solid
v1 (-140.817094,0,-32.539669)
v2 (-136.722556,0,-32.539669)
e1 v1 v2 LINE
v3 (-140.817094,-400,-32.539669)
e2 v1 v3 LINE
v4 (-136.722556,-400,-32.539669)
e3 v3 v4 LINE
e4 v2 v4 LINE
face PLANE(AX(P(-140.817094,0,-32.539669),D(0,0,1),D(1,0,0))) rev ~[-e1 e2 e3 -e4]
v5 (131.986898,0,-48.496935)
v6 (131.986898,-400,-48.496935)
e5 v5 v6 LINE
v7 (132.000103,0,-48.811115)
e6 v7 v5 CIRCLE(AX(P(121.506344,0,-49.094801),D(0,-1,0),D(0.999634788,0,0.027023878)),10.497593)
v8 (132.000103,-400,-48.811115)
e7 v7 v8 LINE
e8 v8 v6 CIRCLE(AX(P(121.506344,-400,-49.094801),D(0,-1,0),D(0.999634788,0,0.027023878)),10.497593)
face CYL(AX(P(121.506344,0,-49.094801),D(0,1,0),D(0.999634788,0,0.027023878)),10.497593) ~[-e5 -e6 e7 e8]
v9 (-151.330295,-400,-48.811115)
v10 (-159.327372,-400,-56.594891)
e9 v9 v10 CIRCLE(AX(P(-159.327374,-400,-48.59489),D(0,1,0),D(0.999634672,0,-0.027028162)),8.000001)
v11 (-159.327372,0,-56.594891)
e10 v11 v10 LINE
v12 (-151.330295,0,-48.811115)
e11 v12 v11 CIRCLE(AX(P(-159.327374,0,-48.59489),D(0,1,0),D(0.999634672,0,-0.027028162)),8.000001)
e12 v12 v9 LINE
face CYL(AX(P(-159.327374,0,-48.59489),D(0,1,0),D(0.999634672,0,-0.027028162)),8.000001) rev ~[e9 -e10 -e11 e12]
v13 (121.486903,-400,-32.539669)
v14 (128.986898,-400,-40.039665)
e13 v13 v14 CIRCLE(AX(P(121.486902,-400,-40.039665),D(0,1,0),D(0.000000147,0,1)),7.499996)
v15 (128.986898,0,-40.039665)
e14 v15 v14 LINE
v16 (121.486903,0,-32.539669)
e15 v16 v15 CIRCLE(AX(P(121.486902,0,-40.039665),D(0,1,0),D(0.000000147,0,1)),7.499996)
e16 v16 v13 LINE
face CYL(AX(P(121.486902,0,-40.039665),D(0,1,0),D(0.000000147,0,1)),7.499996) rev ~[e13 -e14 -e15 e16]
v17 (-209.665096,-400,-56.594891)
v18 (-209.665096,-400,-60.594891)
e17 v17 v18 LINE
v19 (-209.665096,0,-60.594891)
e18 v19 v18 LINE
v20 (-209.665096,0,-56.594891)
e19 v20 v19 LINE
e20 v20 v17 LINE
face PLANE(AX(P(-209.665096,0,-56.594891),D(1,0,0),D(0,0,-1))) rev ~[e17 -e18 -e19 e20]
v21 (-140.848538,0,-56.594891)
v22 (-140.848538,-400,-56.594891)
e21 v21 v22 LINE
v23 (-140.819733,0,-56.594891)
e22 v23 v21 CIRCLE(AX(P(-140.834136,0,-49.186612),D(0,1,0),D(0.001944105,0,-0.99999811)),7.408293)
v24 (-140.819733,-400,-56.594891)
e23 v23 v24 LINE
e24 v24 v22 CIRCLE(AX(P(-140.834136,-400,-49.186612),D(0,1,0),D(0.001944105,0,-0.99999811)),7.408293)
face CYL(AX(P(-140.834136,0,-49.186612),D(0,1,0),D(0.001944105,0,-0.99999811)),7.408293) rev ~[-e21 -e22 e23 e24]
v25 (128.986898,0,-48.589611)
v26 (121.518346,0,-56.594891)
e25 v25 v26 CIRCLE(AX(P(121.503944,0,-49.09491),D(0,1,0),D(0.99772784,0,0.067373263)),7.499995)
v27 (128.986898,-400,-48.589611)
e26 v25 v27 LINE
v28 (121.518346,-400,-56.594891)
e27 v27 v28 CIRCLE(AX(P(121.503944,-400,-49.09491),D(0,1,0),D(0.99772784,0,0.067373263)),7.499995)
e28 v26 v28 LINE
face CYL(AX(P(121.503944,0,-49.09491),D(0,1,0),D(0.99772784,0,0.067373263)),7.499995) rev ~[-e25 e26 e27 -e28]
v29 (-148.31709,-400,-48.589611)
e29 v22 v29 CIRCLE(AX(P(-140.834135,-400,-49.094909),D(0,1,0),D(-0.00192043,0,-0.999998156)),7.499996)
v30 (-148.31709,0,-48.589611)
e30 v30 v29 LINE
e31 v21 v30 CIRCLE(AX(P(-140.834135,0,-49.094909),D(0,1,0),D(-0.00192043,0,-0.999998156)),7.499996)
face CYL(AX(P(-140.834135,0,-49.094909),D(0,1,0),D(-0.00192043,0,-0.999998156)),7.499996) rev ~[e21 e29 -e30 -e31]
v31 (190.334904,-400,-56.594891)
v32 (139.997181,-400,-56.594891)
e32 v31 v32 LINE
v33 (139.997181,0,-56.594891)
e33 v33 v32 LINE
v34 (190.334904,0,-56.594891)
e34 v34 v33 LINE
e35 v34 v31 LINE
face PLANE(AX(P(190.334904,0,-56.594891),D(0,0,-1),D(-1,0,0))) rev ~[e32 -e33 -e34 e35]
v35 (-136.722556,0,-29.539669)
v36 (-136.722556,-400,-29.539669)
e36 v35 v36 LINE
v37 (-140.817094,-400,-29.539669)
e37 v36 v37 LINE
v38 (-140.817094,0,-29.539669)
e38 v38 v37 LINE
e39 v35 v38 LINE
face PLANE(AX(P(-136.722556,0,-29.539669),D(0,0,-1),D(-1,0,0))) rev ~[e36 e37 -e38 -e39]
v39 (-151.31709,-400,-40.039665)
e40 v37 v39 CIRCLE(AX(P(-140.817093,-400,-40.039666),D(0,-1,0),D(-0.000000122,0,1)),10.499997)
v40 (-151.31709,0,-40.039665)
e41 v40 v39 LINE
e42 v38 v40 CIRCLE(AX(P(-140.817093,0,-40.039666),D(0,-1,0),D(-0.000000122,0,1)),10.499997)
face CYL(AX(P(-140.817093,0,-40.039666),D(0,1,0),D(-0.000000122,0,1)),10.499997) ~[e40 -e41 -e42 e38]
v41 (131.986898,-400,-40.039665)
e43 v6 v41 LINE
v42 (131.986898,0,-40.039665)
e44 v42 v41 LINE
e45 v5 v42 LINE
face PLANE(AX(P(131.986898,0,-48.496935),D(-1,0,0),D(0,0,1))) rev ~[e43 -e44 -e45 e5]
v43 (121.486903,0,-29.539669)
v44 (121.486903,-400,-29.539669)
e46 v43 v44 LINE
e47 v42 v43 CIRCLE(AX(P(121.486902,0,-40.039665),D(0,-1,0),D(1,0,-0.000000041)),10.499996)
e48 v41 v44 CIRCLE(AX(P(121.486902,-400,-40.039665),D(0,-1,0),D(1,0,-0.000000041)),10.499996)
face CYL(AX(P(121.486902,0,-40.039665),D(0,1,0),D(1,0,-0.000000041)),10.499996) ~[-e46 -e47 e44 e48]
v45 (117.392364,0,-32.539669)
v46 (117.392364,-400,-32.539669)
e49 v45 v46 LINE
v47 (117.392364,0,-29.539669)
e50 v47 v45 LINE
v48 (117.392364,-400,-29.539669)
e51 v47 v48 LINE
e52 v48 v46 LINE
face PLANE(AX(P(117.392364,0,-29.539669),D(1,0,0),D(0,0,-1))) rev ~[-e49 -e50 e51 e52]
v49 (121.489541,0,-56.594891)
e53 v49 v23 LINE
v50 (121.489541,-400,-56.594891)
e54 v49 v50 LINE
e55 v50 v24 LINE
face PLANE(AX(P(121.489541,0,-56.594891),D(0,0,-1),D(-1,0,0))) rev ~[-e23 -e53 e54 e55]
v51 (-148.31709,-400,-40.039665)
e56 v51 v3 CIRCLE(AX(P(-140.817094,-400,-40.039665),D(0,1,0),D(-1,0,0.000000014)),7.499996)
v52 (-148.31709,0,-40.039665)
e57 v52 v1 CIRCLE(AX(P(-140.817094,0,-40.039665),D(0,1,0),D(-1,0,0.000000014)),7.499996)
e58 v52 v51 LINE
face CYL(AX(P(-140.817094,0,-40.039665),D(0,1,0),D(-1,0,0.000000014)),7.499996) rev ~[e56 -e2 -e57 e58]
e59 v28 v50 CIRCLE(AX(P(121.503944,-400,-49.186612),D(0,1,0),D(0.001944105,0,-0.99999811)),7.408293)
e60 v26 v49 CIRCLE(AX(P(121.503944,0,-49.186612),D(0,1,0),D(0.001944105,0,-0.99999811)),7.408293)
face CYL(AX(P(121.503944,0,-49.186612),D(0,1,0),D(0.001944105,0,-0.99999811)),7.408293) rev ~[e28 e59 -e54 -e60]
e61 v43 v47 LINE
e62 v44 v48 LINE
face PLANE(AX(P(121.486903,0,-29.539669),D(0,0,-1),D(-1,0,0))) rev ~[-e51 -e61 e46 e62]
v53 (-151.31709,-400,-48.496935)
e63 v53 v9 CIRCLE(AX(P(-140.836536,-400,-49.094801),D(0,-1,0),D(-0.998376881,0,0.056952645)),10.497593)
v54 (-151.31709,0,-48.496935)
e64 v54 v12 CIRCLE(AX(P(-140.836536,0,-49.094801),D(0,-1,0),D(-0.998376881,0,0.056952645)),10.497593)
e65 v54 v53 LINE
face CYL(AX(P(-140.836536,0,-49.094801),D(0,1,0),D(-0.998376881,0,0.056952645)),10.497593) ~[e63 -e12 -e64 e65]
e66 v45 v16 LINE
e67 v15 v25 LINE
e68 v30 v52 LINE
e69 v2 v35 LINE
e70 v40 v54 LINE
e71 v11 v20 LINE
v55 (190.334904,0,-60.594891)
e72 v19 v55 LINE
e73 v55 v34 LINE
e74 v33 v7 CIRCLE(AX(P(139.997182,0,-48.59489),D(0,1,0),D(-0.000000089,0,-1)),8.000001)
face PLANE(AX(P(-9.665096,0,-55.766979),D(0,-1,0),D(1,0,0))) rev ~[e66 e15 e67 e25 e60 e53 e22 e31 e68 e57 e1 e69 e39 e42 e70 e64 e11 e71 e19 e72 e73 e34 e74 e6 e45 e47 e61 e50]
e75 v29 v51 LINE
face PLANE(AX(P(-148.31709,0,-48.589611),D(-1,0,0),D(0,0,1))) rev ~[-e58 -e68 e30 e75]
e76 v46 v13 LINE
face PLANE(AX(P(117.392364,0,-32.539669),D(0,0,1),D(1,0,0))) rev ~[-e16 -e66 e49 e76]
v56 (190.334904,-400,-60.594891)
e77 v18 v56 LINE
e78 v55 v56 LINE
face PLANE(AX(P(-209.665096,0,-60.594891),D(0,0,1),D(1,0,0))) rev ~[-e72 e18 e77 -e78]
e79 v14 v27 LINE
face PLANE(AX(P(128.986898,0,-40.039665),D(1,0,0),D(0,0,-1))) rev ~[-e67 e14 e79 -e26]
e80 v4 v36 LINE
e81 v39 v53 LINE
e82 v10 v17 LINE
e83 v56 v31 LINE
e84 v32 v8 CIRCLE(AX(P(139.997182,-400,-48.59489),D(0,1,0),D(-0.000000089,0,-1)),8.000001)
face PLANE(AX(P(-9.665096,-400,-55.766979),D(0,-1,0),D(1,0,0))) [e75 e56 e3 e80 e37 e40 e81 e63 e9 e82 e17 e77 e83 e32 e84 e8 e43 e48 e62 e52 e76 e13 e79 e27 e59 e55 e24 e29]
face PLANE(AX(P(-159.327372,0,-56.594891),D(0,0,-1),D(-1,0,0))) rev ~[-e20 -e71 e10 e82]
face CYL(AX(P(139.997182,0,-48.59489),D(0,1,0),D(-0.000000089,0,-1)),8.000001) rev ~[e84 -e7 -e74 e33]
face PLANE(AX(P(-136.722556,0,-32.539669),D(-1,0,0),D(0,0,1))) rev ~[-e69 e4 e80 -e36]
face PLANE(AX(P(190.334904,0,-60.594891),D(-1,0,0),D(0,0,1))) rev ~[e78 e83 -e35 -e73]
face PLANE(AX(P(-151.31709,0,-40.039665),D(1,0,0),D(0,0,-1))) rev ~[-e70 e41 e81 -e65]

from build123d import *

# Parameters (mm, degrees)
F1_DEPTH = 400


with BuildPart() as f1:
    # F0 (on Front) → F1 (new body)
    with BuildSketch(Plane.XZ):
        with BuildLine():
            Line((-103.557974, -56.594891), (-140.819733, -56.594891))
            ThreePointArc((-140.819733, -56.594891), (-140.834136, -56.594905), (-140.848538, -56.594891))
            ThreePointArc((-140.848538, -56.594891), (-146.318086, -54.211179), (-148.31709, -48.589611))
            Line((-148.31709, -48.589611), (-148.31709, -40.039665))
            ThreePointArc((-148.31709, -40.039665), (-146.120392, -34.736367), (-140.817094, -32.539669))
            Line((-140.817094, -32.539669), (-136.722556, -32.539669))
            Line((-136.722556, -32.539669), (-136.722556, -29.539669))
            Line((-136.722556, -29.539669), (-140.817094, -29.539669))
            ThreePointArc((-140.817094, -29.539669), (-148.241712, -32.615047), (-151.31709, -40.039665))
            Line((-151.31709, -40.039665), (-151.31709, -48.496935))
            ThreePointArc((-151.31709, -48.496935), (-151.324869, -48.653976), (-151.330295, -48.811115))
            ThreePointArc((-151.330295, -48.811115), (-153.747489, -54.327682), (-159.327372, -56.594891))
            Line((-159.327372, -56.594891), (-209.665096, -56.594891))
            Line((-209.665096, -56.594891), (-209.665096, -60.594891))
            Line((-209.665096, -60.594891), (-9.665096, -60.594891))
            Line((-9.665096, -60.594891), (190.334904, -60.594891))
            Line((190.334904, -60.594891), (190.334904, -56.594891))
            Line((190.334904, -56.594891), (139.997181, -56.594891))
            ThreePointArc((139.997181, -56.594891), (134.417297, -54.327682), (132.000103, -48.811115))
            ThreePointArc((132.000103, -48.811115), (131.994677, -48.653976), (131.986898, -48.496935))
            Line((131.986898, -48.496935), (131.986898, -40.039665))
            ThreePointArc((131.986898, -40.039665), (128.911521, -32.615047), (121.486903, -29.539669))
            Line((121.486903, -29.539669), (117.392364, -29.539669))
            Line((117.392364, -29.539669), (117.392364, -32.539669))
            Line((117.392364, -32.539669), (121.486903, -32.539669))
            ThreePointArc((121.486903, -32.539669), (126.7902, -34.736367), (128.986898, -40.039665))
            Line((128.986898, -40.039665), (128.986898, -48.589611))
            ThreePointArc((128.986898, -48.589611), (126.987895, -54.211179), (121.518346, -56.594891))
            ThreePointArc((121.518346, -56.594891), (121.503944, -56.594905), (121.489541, -56.594891))
            Line((121.489541, -56.594891), (84.227782, -56.594891))
            Line((84.227782, -56.594891), (31.486903, -56.594891))
            Line((31.486903, -56.594891), (-9.665096, -56.594891))
            Line((-9.665096, -56.594891), (-50.817094, -56.594891))
            Line((-50.817094, -56.594891), (-59.151821, -56.594891))
            Line((-59.151821, -56.594891), (-103.557974, -56.594891))
        make_face()
    extrude(amount=F1_DEPTH)


solid = f1.part
